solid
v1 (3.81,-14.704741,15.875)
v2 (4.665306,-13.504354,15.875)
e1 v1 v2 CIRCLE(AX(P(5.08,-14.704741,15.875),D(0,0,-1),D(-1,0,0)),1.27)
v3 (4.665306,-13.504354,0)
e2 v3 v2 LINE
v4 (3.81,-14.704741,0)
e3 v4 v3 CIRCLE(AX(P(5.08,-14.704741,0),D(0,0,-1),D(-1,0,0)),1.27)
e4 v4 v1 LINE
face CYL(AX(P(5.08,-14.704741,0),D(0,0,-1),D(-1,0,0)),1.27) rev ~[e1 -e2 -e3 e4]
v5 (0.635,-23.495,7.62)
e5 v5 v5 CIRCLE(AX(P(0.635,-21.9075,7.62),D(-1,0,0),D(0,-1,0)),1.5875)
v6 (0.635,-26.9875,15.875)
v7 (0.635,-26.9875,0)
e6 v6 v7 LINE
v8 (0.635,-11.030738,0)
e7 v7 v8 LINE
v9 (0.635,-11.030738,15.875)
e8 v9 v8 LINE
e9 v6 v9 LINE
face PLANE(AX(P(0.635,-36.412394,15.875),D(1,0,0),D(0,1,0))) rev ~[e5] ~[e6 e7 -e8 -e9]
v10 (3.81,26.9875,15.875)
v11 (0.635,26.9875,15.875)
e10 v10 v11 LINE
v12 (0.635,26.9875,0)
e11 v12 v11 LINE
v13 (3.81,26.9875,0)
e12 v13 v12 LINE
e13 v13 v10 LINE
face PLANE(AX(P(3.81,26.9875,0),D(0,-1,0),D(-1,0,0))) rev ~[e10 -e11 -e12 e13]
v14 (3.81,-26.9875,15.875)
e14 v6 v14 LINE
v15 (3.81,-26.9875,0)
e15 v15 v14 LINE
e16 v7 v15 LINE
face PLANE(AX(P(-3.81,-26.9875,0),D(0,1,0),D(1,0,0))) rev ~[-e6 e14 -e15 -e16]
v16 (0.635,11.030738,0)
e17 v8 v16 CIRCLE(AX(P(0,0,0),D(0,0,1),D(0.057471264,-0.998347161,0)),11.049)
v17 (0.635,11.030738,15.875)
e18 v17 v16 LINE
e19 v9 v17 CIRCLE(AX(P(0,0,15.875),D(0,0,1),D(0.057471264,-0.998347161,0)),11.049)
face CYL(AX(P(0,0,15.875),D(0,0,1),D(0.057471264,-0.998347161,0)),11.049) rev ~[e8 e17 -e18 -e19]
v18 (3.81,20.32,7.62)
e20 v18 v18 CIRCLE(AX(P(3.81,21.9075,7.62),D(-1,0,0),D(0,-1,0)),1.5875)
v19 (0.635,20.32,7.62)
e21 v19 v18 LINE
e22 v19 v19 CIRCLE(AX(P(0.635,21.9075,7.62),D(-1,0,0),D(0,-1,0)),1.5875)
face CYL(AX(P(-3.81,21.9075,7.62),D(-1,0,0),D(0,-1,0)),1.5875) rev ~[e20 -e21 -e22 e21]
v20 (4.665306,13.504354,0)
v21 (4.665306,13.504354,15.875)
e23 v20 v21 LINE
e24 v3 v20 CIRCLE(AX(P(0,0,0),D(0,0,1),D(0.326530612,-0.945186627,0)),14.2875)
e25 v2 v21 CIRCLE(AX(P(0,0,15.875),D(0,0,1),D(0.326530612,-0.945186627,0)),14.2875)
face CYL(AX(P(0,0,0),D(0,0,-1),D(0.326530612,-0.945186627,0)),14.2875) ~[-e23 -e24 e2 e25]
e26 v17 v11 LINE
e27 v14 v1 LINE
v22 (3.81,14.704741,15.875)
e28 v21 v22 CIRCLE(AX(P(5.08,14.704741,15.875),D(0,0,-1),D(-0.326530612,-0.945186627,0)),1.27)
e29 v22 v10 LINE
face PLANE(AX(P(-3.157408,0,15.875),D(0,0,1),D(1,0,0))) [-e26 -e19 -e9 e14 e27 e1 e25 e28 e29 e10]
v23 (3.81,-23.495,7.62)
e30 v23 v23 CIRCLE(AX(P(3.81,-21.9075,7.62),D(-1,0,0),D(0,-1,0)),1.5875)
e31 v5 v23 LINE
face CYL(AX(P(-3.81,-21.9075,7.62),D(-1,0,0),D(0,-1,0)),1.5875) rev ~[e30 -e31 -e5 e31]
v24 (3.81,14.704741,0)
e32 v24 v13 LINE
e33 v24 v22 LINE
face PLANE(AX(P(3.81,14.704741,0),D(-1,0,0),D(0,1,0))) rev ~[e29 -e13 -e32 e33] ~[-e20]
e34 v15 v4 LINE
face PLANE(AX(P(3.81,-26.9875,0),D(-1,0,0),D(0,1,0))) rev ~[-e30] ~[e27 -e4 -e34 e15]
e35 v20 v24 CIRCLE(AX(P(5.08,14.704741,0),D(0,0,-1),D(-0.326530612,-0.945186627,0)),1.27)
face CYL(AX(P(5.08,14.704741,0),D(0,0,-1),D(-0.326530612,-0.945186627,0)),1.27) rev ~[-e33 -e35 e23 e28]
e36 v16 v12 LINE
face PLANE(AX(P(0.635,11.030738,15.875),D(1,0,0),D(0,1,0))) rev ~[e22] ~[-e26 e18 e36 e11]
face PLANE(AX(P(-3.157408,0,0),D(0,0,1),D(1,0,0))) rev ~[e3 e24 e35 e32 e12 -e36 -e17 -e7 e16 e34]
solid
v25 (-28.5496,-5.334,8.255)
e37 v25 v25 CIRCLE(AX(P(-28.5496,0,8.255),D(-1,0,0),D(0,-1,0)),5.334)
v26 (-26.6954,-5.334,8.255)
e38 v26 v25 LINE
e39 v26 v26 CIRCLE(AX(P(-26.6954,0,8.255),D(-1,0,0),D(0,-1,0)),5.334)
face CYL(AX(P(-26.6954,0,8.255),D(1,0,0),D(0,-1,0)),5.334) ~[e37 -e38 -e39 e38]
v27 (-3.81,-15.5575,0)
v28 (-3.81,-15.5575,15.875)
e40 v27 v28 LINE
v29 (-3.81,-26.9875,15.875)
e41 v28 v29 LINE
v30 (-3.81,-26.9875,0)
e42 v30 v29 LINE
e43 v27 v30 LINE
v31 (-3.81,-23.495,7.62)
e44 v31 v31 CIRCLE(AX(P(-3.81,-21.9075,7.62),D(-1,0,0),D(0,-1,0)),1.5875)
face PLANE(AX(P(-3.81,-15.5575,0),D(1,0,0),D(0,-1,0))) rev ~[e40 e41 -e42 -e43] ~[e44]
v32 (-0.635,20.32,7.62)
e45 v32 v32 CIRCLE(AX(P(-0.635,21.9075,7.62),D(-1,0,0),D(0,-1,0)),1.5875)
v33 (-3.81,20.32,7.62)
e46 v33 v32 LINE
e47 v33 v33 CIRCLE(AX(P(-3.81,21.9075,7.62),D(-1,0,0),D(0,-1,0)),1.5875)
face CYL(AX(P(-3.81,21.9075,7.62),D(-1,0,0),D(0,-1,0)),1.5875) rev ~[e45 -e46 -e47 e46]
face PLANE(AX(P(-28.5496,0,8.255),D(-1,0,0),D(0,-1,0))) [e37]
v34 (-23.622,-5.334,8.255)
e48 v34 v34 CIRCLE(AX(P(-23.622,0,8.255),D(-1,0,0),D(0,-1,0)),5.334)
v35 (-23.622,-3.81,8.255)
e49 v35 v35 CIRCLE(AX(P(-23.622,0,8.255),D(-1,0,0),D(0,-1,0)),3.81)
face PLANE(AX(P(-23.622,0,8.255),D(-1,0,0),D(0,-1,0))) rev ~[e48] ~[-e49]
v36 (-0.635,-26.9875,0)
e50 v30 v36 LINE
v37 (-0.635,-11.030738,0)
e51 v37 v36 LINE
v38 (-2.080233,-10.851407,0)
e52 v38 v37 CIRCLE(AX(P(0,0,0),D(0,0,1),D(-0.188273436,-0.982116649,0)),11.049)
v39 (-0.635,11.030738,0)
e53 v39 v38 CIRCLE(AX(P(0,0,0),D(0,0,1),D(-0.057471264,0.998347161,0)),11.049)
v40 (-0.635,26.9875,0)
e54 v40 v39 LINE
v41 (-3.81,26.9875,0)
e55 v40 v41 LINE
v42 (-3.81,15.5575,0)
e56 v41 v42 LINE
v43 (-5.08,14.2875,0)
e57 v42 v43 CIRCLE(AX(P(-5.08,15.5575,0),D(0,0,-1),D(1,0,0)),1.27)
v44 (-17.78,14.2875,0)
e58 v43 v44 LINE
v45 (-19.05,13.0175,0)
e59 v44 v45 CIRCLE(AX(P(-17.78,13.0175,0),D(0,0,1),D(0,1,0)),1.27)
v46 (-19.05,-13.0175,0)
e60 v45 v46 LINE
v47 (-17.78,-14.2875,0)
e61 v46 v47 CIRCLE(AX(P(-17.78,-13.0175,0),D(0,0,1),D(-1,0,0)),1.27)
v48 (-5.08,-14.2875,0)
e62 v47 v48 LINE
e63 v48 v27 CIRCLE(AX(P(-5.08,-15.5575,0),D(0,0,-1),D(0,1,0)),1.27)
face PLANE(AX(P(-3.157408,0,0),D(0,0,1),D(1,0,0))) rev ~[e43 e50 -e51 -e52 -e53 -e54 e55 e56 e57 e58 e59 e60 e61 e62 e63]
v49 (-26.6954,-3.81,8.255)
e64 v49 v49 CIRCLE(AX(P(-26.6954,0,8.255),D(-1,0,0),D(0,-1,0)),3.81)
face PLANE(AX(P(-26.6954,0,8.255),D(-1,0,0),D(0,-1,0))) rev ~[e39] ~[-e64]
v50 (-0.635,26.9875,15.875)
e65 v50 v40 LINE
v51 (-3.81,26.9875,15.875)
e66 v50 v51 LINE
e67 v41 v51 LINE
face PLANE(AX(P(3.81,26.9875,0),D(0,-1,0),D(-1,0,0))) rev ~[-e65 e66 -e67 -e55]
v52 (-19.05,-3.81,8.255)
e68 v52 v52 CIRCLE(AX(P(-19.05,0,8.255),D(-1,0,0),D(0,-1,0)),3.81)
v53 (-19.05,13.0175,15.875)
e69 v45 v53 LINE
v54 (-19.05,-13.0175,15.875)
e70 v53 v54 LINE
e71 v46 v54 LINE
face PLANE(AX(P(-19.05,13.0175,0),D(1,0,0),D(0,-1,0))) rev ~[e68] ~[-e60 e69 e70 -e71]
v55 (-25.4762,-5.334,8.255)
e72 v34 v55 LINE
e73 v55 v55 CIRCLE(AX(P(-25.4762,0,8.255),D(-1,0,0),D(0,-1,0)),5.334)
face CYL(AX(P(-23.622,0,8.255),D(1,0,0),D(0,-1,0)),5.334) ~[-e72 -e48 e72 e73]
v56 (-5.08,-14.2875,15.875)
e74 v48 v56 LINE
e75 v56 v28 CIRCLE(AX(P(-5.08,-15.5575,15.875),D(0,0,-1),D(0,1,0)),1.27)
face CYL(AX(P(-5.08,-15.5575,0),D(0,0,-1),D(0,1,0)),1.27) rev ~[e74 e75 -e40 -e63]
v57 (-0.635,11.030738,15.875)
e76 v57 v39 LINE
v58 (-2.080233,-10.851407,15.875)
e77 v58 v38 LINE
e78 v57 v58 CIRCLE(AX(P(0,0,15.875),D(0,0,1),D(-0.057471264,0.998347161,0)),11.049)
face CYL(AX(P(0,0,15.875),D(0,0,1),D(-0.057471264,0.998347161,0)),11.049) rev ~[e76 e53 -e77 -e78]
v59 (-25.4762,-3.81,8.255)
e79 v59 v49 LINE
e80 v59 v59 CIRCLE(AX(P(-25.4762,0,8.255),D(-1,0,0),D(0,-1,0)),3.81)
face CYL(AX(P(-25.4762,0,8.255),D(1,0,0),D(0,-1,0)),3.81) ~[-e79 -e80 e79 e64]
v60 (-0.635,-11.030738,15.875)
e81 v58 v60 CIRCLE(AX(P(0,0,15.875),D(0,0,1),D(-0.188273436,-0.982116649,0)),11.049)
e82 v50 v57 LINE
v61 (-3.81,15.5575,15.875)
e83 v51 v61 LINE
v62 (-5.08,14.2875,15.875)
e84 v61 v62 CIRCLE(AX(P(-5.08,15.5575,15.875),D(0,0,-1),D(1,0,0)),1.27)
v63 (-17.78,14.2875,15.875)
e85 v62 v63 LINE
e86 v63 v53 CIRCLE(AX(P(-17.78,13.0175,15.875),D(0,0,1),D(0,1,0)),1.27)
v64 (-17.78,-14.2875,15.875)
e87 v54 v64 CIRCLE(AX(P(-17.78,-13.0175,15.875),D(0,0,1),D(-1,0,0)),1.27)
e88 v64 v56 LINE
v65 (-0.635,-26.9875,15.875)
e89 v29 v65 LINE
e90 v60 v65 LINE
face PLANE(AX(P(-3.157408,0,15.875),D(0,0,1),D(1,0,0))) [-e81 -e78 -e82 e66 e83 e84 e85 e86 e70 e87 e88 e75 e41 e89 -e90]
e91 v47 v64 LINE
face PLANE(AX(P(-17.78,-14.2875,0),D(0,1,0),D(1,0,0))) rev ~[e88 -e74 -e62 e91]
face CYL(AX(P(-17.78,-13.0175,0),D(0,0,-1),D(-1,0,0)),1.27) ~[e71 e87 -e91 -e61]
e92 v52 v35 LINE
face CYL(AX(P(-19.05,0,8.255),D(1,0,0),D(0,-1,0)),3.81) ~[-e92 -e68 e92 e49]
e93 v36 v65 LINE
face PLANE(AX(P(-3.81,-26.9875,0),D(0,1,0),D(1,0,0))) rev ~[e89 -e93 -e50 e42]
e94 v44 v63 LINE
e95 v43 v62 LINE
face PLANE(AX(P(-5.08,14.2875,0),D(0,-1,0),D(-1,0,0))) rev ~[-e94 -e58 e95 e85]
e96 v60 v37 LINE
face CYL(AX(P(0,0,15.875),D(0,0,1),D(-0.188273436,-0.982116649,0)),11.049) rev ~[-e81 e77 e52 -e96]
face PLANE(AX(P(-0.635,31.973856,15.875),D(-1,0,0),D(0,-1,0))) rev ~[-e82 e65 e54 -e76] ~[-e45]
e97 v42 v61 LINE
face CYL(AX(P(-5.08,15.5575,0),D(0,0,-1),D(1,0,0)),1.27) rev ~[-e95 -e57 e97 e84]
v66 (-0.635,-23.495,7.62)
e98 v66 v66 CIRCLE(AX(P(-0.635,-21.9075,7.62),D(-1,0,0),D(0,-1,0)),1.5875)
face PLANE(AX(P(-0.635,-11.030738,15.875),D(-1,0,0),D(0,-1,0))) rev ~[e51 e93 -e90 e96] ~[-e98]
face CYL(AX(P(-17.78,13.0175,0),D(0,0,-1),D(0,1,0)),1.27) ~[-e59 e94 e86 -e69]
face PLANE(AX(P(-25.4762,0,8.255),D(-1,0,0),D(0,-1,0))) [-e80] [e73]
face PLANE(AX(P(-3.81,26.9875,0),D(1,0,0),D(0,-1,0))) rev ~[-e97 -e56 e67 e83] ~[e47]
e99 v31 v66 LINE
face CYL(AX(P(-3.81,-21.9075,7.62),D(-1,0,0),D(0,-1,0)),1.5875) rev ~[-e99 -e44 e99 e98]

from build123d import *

# Parameters (mm, degrees)
F1_DEPTH  = 15.875
F2_R      = 3.81
F3_DEPTH  = 4.572
F4_R      = 5.334
F5_DEPTH  = 1.8542
F6_R      = 3.81
F7_DEPTH  = 1.2192
F8_R      = 5.334
F9_DEPTH  = 1.8542
F10_R     = 1.5875
F11_DEPTH = 25.4
F12_R     = 1.5875
F13_DEPTH = 25.4
F15_DEPTH = 25.4


with BuildPart() as f1:
    # F0 (on Top) → F1 (new body)
    with BuildSketch(Plane.XY):
        with BuildLine():
            ThreePointArc((-3.81, 15.5575), (-4.1819743879, 14.6594743879), (-5.08, 14.2875))
            Line((-5.08, 14.2875), (-17.78, 14.2875))
            ThreePointArc((-17.78, 14.2875), (-18.6780256121, 13.9155256121), (-19.05, 13.0175))
            Line((-19.05, 13.0175), (-19.05, -13.0175))
            ThreePointArc((-19.05, -13.0175), (-18.6780256121, -13.9155256121), (-17.78, -14.2875))
            Line((-17.78, -14.2875), (-5.08, -14.2875))
            ThreePointArc((-5.08, -14.2875), (-4.1819743879, -14.6594743879), (-3.81, -15.5575))
            Line((-3.81, -15.5575), (-3.81, -26.9875))
            Line((-3.81, -26.9875), (3.81, -26.9875))
            Line((3.81, -26.9875), (3.81, -14.7047409447))
            ThreePointArc((3.81, -14.7047409447), (4.0456980072, -13.9677746037), (4.6653061224, -13.5043539288))
            ThreePointArc((4.6653061224, -13.5043539288), (14.2875, 0), (4.6653061224, 13.5043539288))
            ThreePointArc((4.6653061224, 13.5043539288), (4.0456980072, 13.9677746037), (3.81, 14.7047409447))
            Line((3.81, 14.7047409447), (3.81, 26.9875))
            Line((3.81, 26.9875), (-3.81, 26.9875))
            Line((-3.81, 26.9875), (-3.81, 15.5575))
        make_face()
    extrude(amount=F1_DEPTH)

    # F2 (on face) → F3 (join)
    with BuildSketch(Plane(origin=(-19.05, 0, 0), x_dir=(0, -1, 0), z_dir=(-1, 0, 0))):
        with Locations((0, 8.255)):
            Circle(F2_R)
    extrude(amount=F3_DEPTH)

    # F4 (on face) → F5 (join)
    with BuildSketch(Plane(origin=(-23.622, 0, 0), x_dir=(0, -1, 0), z_dir=(-1, 0, 0))):
        with Locations((0, 8.255)):
            Circle(F4_R)
    extrude(amount=F5_DEPTH)

    # F6 (on face) → F7 (join)
    with BuildSketch(Plane(origin=(-25.4762, 0, 0), x_dir=(0, -1, 0), z_dir=(-1, 0, 0))):
        with Locations((0, 8.255)):
            Circle(F6_R)
    extrude(amount=F7_DEPTH)

    # F8 (on face) → F9 (join)
    with BuildSketch(Plane(origin=(-26.6954, 0, 0), x_dir=(0, -1, 0), z_dir=(-1, 0, 0))):
        with Locations((0, 8.255)):
            Circle(F8_R)
    extrude(amount=F9_DEPTH)

    # F10 (on face) → F11 (cut)
    with BuildSketch(Plane(origin=(-3.81, 0, 0), x_dir=(0, -1, 0), z_dir=(-1, 0, 0))):
        with Locations((-21.9075, 7.62)):
            Circle(F10_R)
    extrude(amount=-F11_DEPTH, mode=Mode.SUBTRACT)

    # F12 (on face) → F13 (cut)
    with BuildSketch(Plane(origin=(-3.81, 0, 0), x_dir=(0, -1, 0), z_dir=(-1, 0, 0))):
        with Locations((21.9075, 7.62)):
            Circle(F12_R)
    extrude(amount=-F13_DEPTH, mode=Mode.SUBTRACT)

    # F14 (on face) → F15 (cut)
    with BuildSketch(Plane.XY.offset(15.875)):
        with BuildLine():
            Line((0.635, 31.973856169), (-0.635, 31.973856169))
            Line((-0.635, 31.973856169), (-0.635, 11.0307377813))
            ThreePointArc((-0.635, 11.0307377813), (-11.0249801068, 0.7281583924), (-2.0802331986, -10.8514068599))
            ThreePointArc((-2.0802331986, -10.8514068599), (-1.3605744101, -10.9649094057), (-0.635, -11.0307377813))
            Line((-0.635, -11.0307377813), (-0.635, -36.412394438))
            Line((-0.635, -36.412394438), (0.635, -36.412394438))
            Line((0.635, -36.412394438), (0.635, -11.0307377813))
            ThreePointArc((0.635, -11.0307377813), (11.049, 0), (0.635, 11.0307377813))
            Line((0.635, 11.0307377813), (0.635, 31.973856169))
        make_face()
    extrude(amount=-F15_DEPTH, mode=Mode.SUBTRACT)


solid = f1.part
